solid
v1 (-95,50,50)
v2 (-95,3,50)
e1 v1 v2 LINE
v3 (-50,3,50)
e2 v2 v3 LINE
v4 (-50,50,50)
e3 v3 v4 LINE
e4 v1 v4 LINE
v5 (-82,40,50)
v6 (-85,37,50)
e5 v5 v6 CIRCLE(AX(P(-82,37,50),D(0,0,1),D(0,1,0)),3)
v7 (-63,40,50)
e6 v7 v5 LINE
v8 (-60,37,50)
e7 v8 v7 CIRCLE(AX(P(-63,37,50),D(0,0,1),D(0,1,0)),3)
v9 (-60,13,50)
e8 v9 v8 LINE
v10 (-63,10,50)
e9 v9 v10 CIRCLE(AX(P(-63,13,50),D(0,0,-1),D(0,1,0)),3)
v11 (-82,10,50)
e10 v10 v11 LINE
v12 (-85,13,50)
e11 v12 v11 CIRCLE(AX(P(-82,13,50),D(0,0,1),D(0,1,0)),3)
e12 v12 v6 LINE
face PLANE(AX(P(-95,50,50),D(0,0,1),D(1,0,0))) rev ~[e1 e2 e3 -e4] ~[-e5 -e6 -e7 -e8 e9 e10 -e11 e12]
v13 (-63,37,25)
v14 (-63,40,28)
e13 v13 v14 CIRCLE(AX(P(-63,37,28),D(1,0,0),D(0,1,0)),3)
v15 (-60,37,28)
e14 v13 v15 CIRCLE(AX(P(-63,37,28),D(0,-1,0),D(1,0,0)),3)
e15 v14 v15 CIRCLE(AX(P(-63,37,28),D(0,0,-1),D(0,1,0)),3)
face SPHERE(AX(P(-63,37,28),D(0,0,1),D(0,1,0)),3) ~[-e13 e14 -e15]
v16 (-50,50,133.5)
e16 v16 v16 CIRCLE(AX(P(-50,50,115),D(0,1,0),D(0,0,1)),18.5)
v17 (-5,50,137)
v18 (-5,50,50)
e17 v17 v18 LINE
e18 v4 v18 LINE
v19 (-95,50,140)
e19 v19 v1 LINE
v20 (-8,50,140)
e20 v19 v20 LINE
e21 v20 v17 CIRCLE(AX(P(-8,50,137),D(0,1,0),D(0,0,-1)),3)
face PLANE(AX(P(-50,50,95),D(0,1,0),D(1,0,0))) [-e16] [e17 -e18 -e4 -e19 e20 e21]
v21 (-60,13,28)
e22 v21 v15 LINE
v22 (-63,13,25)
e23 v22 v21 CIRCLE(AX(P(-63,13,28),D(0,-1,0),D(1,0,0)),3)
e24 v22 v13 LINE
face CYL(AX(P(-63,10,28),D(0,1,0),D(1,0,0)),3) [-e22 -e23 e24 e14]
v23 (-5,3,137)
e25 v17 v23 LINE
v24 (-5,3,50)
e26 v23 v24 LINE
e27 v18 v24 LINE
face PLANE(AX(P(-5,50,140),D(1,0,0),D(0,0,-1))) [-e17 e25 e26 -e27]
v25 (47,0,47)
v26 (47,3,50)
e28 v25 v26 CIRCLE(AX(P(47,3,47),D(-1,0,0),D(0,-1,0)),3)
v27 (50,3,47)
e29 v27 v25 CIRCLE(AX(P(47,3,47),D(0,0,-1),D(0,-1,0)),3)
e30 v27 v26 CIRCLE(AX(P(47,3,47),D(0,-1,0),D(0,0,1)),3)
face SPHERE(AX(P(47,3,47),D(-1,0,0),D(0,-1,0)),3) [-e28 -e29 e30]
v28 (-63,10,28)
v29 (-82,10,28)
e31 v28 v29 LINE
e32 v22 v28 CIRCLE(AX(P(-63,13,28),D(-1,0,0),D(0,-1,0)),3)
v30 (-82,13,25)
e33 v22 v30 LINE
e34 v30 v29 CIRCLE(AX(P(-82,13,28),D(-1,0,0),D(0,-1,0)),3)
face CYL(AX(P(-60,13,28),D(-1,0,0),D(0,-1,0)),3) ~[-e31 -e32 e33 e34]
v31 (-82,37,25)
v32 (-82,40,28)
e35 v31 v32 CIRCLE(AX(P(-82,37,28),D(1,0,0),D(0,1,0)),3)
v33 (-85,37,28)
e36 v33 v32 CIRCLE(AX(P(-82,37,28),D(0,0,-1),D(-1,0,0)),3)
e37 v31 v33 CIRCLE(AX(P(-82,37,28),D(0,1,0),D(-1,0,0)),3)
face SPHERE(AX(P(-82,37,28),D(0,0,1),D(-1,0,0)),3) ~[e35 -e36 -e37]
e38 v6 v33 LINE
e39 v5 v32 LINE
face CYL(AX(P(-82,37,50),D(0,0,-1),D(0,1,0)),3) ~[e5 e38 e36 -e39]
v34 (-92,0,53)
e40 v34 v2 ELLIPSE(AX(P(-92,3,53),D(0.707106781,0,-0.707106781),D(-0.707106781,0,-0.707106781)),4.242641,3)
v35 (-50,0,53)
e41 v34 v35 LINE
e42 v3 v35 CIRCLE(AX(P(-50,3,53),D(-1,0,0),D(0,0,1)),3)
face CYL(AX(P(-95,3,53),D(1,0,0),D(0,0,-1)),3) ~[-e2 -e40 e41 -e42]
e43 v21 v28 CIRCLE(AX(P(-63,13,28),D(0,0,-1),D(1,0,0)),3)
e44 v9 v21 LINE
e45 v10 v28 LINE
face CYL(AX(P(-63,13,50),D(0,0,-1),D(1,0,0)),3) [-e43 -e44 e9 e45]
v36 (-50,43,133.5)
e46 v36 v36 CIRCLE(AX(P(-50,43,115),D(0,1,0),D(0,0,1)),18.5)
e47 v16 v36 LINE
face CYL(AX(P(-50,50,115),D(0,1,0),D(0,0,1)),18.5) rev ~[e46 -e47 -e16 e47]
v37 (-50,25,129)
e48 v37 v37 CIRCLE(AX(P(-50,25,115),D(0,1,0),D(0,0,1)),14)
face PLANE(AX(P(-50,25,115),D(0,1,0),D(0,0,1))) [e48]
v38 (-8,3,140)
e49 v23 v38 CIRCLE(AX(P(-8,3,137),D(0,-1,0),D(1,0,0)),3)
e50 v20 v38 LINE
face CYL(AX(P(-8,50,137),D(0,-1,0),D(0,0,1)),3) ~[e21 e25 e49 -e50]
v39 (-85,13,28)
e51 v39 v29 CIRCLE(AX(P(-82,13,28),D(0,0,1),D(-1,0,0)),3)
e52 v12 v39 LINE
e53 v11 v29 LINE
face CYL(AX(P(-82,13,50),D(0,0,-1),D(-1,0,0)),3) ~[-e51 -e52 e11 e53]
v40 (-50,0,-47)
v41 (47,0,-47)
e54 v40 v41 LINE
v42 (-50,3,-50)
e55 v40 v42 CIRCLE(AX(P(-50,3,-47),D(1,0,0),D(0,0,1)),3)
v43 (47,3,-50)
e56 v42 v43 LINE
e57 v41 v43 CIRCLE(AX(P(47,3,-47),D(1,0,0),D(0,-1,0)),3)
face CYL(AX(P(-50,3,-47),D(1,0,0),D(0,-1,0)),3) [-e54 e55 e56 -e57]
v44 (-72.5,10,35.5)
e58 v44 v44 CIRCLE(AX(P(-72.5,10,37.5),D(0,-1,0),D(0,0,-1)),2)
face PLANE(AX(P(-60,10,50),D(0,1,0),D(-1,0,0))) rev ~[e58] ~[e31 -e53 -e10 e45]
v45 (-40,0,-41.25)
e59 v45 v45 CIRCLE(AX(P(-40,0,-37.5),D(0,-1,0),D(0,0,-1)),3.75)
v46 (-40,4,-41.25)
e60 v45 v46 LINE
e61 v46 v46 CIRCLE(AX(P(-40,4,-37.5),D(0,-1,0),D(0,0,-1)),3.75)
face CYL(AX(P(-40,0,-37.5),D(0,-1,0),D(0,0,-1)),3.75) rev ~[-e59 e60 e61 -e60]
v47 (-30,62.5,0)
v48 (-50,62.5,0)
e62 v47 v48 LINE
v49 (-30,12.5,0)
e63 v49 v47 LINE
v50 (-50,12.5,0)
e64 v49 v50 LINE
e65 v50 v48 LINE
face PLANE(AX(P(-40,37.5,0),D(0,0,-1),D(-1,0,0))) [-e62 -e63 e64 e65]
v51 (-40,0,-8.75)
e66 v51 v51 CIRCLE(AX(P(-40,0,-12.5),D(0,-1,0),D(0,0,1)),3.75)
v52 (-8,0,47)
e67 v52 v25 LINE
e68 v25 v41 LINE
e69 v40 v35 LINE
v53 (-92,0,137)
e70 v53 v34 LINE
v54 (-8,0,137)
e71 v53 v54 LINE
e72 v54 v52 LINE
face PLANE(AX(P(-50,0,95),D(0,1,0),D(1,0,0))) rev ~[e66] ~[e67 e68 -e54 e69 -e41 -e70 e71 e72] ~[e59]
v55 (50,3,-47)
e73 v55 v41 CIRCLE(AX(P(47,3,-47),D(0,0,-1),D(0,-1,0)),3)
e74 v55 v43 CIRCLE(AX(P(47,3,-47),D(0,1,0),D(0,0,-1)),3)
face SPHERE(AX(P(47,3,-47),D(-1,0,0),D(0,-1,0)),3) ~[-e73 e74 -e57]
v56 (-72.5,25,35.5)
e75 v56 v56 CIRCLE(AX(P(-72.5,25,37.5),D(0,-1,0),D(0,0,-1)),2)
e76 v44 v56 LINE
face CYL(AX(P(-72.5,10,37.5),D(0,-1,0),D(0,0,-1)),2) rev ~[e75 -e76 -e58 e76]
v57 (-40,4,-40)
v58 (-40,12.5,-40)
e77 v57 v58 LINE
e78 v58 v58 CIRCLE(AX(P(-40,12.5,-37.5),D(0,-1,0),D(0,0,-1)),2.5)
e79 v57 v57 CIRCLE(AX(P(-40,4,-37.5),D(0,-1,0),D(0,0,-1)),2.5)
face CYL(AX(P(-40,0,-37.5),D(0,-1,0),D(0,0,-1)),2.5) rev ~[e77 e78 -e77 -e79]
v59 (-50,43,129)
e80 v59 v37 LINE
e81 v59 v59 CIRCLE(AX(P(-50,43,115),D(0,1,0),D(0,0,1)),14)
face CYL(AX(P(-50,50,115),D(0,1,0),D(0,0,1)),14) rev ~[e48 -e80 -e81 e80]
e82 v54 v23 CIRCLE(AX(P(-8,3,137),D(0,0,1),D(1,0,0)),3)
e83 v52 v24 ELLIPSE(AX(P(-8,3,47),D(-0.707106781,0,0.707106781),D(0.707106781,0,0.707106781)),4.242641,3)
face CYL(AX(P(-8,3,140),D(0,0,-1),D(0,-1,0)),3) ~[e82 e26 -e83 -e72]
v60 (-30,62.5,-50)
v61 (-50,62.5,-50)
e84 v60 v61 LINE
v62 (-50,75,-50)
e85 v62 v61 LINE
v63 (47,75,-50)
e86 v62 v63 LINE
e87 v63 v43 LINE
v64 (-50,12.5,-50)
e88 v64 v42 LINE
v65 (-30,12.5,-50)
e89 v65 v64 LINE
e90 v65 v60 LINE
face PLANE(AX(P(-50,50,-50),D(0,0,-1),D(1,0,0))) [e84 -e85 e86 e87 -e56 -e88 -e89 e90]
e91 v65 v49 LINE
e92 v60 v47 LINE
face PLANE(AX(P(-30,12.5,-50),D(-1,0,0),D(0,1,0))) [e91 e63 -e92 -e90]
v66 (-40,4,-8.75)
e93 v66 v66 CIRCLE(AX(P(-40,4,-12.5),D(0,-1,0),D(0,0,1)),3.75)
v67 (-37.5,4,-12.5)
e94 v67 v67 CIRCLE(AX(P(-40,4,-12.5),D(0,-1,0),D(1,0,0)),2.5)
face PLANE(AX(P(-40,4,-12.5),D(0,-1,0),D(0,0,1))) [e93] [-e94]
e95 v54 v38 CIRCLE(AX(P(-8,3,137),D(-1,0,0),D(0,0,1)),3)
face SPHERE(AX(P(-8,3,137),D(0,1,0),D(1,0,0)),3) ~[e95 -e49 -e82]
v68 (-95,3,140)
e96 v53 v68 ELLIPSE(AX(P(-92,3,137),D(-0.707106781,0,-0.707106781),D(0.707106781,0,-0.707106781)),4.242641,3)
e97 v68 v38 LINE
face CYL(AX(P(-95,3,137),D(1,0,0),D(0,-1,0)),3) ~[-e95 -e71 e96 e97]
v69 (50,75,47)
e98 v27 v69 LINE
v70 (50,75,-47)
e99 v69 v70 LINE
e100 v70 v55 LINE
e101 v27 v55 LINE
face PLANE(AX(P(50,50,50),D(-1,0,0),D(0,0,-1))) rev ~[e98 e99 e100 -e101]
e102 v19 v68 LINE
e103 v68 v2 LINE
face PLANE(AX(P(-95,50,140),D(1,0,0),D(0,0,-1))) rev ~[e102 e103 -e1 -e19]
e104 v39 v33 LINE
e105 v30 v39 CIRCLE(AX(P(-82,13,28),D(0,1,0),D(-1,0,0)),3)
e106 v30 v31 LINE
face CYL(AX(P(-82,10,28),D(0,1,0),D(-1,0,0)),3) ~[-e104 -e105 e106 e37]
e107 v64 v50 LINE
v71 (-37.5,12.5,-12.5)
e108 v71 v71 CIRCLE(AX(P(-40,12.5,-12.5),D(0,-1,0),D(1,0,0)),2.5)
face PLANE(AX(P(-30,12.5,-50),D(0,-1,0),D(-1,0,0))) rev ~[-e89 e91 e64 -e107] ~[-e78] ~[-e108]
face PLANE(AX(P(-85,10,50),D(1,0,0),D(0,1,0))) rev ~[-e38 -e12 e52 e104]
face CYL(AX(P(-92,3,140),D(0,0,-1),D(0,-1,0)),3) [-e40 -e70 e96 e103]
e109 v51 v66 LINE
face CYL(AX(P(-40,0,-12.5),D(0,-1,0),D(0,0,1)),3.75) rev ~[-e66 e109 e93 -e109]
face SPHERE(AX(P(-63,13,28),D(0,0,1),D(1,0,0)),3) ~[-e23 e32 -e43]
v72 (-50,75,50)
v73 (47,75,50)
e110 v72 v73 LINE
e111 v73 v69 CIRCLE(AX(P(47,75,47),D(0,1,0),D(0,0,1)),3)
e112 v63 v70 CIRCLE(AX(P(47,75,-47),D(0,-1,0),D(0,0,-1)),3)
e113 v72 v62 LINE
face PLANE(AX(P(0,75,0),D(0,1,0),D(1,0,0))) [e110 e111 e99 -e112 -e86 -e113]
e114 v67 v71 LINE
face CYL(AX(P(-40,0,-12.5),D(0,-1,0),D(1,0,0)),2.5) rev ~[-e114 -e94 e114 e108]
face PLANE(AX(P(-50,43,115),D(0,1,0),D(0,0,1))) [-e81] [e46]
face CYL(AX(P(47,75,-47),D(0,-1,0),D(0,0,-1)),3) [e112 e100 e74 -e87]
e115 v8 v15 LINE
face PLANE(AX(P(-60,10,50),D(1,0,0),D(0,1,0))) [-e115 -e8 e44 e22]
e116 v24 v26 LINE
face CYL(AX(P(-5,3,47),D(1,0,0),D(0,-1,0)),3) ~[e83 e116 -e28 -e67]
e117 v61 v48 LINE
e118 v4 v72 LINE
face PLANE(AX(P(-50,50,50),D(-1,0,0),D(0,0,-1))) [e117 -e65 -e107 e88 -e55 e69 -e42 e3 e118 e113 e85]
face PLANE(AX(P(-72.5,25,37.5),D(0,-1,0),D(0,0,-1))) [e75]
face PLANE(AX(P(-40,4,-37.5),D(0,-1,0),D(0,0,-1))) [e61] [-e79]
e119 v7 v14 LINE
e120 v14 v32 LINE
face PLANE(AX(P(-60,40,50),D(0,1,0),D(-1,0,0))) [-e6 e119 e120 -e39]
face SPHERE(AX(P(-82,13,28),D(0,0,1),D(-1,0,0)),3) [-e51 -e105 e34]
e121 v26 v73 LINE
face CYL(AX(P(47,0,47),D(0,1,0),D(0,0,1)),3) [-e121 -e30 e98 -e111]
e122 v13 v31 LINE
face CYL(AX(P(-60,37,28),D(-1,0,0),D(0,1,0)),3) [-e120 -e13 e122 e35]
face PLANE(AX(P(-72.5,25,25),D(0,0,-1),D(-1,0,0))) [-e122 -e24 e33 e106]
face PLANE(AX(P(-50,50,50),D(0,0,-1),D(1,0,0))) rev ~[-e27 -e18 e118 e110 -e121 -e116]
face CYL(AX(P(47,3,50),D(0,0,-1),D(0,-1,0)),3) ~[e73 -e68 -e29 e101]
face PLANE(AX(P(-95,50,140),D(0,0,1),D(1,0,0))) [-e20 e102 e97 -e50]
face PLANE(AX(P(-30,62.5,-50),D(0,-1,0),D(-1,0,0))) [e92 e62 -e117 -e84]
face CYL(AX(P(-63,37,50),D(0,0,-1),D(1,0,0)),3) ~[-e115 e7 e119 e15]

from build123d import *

# Parameters (mm, degrees)
SKETCH1_W           = 100
SKETCH1_H           = 100
BOSS_EXTRUDE1_DEPTH = 50
SKETCH8_W           = 90
SKETCH8_H           = 90
BOSS_EXTRUDE4_DEPTH = 50
SKETCH9_R           = 18.5
CUT_EXTRUDE1_DEPTH  = 7
SKETCH10_R          = 14
CUT_EXTRUDE2_DEPTH  = 25
SKETCH11_W          = 25
SKETCH11_H          = 30
BOSS_EXTRUDE5_DEPTH = 25
SKETCH12_W          = 100
SKETCH12_H          = 100
BOSS_EXTRUDE6_DEPTH = 25
SKETCH13_W          = 20
SKETCH13_H          = 50
CUT_EXTRUDE3_DEPTH  = 50
SKETCH14_R          = 2
CUT_EXTRUDE4_DEPTH  = 15
SKETCH15_R          = 2.5
CUT_EXTRUDE5_DEPTH  = 15
SKETCH16_R          = 3.75
CUT_EXTRUDE6_DEPTH  = 4
FILLET1_R           = 3


with BuildPart() as part:
    # Sketch1 → Boss-Extrude1 (new body)
    with BuildSketch(Plane(origin=(0, 0, 0), x_dir=(1, 0, 0), z_dir=(0, 1, 0))):
        Rectangle(SKETCH1_W, SKETCH1_H)
    extrude(amount=BOSS_EXTRUDE1_DEPTH)

    # Sketch8 → Boss-Extrude4 (add)
    with BuildSketch(Plane(origin=(0, 50, 0), x_dir=(1, 0, 0), z_dir=(0, 1, 0))):
        with Locations((-50, -95)):
            Rectangle(SKETCH8_W, SKETCH8_H)
    extrude(amount=-BOSS_EXTRUDE4_DEPTH)

    # Sketch9 → Cut-Extrude1 (cut)
    with BuildSketch(Plane(origin=(0, 50, 0), x_dir=(1, 0, 0), z_dir=(0, 1, 0))):
        with Locations(Location((-50, -115, 0), (0, 0, 270))):
            Circle(SKETCH9_R)
    extrude(amount=-CUT_EXTRUDE1_DEPTH, mode=Mode.SUBTRACT)

    # Sketch10 → Cut-Extrude2 (cut)
    with BuildSketch(Plane(origin=(0, 50, 0), x_dir=(1, 0, 0), z_dir=(0, 1, 0))):
        with Locations(Location((-50, -115, 0), (0, 0, 270))):
            Circle(SKETCH10_R)
    extrude(amount=-CUT_EXTRUDE2_DEPTH, mode=Mode.SUBTRACT)

    # Sketch11 → Boss-Extrude5 (add)
    with BuildSketch(Plane(origin=(0, 0, 50), x_dir=(-1, 0, 0), z_dir=(0, 0, -1))):
        with Locations((72.5, 25)):
            Rectangle(SKETCH11_W, SKETCH11_H)
    extrude(amount=BOSS_EXTRUDE5_DEPTH)

    # Sketch12 → Boss-Extrude6 (add)
    with BuildSketch(Plane(origin=(0, 50, 0), x_dir=(1, 0, 0), z_dir=(0, 1, 0))):
        Rectangle(SKETCH12_W, SKETCH12_H)
    extrude(amount=BOSS_EXTRUDE6_DEPTH)

    # Sketch13 → Cut-Extrude3 (cut)
    with BuildSketch(Plane(origin=(0, 0, -50), x_dir=(-1, 0, 0), z_dir=(0, 0, -1))):
        with Locations((40, 37.5)):
            Rectangle(SKETCH13_W, SKETCH13_H)
    extrude(amount=-CUT_EXTRUDE3_DEPTH, mode=Mode.SUBTRACT)

    # Sketch14 → Cut-Extrude4 (cut)
    with BuildSketch(Plane.XZ.offset(-10)):
        with Locations(Location((-72.5, 37.5, 0), (0, 0, 270))):
            Circle(SKETCH14_R)
    extrude(amount=-CUT_EXTRUDE4_DEPTH, mode=Mode.SUBTRACT)

    # Sketch15 → Cut-Extrude5 (cut)
    with BuildSketch(Plane.XZ):
        with Locations(Location((-40, -37.5, 0), (0, 0, 270))):
            Circle(SKETCH15_R)
        with Locations((-40, -12.5)):
            Circle(SKETCH15_R)
    extrude(amount=-CUT_EXTRUDE5_DEPTH, mode=Mode.SUBTRACT)

    # Sketch16 → Cut-Extrude6 (cut)
    with BuildSketch(Plane.XZ):
        with Locations(Location((-40, -37.5, 0), (0, 0, 270))):
            Circle(SKETCH16_R)
        with Locations(Location((-40, -12.5, 0), (0, 0, 90))):
            Circle(SKETCH16_R)
    extrude(amount=-CUT_EXTRUDE6_DEPTH, mode=Mode.SUBTRACT)

    # Fillet1
    fillet1_edges = [part.edges().sort_by_distance(p)[0] for p in [
        (22.5, 0, 50),
        (-5, 25, 140),
        (-5, 0, 95),
        (-50, 0, 140),
        (-95, 0, 95),
        (-72.5, 0, 50),
        (-85, 10, 37.5),
        (-85, 40, 37.5),
        (-60, 40, 37.5),
        (-60, 10, 37.5),
        (-85, 25, 25),
        (-72.5, 40, 25),
        (-60, 25, 25),
        (-72.5, 10, 25),
        (0, 0, -50),
        (50, 0, 0),
        (50, 37.5, 50),
        (50, 37.5, -50),
    ]]
    fillet(fillet1_edges, radius=FILLET1_R)


solid = part.part
